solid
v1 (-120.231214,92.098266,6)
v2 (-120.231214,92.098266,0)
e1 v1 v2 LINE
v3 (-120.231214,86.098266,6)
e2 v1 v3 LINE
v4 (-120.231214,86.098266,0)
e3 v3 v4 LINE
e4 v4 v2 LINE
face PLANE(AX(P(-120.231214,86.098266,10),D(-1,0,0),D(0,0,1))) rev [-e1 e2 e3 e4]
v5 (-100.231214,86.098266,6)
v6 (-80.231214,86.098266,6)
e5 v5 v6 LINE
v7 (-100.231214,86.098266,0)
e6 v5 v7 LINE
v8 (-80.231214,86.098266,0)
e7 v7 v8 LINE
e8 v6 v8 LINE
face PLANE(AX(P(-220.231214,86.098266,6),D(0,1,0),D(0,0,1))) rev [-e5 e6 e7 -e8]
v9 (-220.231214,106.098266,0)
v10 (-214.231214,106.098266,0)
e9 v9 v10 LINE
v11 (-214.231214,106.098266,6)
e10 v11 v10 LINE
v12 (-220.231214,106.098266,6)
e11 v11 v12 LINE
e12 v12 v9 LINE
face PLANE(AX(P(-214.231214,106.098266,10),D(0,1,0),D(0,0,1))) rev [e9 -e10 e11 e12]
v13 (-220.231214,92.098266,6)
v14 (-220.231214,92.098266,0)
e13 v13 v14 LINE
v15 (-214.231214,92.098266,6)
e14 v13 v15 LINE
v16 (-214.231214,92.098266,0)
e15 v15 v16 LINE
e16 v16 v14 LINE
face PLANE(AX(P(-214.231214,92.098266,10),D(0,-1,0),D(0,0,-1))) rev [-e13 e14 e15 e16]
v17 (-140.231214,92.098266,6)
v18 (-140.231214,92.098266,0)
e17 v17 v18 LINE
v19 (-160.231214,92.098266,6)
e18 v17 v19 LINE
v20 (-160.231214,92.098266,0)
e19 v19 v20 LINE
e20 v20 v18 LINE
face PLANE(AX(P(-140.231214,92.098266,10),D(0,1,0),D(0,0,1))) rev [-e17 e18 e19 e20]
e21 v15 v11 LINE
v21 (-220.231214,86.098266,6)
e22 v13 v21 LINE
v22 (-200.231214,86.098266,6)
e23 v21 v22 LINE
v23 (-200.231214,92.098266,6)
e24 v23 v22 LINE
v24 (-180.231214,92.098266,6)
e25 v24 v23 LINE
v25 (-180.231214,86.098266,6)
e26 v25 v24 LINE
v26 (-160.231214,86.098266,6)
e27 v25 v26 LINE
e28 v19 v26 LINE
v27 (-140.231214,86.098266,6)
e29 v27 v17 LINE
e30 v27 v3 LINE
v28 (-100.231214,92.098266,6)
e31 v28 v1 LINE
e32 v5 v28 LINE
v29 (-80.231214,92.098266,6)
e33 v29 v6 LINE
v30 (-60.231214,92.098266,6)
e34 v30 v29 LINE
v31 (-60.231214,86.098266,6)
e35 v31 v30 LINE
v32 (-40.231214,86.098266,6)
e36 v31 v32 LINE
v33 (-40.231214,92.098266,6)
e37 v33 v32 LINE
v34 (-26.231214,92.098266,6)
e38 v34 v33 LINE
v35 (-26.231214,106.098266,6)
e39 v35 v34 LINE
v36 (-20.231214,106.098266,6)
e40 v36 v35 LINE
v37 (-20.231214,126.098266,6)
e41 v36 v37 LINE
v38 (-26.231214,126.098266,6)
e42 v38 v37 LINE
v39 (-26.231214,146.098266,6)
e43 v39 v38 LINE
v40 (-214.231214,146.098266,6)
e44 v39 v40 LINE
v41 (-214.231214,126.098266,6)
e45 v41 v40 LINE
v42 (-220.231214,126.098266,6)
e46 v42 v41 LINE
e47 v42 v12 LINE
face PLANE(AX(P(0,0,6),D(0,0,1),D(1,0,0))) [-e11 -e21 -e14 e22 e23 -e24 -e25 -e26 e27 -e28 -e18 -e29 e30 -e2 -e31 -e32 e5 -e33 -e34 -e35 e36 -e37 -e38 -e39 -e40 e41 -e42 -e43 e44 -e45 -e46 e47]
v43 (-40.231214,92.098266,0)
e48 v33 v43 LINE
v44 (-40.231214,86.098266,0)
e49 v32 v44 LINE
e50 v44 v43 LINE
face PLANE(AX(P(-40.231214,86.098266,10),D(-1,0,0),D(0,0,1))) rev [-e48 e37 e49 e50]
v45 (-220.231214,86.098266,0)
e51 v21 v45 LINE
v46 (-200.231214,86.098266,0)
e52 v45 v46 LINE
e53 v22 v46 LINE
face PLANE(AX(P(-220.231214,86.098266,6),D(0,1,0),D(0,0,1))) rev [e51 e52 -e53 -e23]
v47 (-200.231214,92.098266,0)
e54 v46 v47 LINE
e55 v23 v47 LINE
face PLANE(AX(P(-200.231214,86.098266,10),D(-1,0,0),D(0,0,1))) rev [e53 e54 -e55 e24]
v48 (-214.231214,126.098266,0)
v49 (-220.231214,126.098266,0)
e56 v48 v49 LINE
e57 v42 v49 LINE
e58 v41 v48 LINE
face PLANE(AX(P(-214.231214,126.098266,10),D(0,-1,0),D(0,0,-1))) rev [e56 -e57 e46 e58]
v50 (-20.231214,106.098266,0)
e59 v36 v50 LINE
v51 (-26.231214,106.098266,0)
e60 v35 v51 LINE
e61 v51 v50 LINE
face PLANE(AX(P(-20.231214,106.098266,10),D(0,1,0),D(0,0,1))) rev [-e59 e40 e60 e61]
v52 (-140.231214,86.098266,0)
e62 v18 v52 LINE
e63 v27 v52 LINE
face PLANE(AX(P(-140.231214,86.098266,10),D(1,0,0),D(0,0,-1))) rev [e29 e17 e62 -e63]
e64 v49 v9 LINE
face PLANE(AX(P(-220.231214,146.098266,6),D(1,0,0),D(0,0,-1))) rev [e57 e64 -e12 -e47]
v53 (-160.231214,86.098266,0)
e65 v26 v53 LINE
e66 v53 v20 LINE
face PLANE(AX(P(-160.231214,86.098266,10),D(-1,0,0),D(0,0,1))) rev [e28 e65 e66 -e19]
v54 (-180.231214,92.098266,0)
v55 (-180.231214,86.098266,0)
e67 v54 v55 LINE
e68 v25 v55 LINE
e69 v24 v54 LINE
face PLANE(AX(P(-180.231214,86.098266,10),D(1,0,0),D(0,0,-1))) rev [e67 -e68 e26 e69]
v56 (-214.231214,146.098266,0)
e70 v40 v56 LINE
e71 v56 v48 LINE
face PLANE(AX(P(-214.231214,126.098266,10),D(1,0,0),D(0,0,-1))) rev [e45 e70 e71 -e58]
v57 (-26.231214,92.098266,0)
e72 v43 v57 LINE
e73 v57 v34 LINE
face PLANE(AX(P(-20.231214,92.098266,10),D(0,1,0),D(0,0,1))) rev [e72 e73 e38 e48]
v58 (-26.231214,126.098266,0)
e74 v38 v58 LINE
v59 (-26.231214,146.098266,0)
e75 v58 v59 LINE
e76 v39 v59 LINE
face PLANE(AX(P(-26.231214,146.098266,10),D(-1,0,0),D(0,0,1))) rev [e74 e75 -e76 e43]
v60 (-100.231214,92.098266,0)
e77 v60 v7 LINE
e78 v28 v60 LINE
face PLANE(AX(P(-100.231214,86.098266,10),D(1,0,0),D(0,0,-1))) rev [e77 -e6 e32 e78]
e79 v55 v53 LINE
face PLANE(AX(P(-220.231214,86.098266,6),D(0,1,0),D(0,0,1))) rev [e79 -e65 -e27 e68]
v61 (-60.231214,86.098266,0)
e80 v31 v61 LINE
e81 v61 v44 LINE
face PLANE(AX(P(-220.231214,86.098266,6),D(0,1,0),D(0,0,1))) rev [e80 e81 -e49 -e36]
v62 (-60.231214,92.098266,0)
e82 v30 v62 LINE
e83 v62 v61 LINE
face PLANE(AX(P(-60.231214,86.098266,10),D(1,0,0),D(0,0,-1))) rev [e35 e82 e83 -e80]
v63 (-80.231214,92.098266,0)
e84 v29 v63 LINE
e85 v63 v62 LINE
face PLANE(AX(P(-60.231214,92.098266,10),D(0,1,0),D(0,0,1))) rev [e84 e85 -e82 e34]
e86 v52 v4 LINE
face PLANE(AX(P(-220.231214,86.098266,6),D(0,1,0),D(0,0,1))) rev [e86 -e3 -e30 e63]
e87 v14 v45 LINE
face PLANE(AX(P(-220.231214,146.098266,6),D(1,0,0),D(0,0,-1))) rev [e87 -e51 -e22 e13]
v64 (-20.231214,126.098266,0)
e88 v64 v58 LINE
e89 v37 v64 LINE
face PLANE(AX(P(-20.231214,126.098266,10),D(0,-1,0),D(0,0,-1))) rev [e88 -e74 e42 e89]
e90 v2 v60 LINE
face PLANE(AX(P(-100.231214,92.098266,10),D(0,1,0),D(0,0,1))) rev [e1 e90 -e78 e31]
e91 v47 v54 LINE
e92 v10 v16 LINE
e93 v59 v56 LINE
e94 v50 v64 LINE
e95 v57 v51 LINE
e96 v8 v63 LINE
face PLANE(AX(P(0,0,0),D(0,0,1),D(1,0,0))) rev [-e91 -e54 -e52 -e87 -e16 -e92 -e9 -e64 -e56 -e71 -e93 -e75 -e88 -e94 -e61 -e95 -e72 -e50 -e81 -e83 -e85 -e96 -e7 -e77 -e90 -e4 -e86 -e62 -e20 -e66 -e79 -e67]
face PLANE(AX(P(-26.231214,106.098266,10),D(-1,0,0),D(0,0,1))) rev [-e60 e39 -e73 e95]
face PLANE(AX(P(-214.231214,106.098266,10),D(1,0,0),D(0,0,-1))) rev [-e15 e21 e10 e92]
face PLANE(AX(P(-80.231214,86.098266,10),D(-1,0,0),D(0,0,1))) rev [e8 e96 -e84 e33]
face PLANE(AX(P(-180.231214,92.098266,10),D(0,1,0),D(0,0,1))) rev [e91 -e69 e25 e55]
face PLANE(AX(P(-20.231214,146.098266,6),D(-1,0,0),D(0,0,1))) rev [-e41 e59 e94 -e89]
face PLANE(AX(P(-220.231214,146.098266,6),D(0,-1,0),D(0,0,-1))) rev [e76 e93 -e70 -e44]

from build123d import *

# Parameters (mm, degrees)
SKETCH1_W           = 200
SKETCH1_H           = 60
BOSS_EXTRUDE1_DEPTH = 6
SKETCH2_W           = 20
SKETCH2_H           = 6
CUT_EXTRUDE1_DEPTH  = 10
LPATTERN1_COUNT     = 5
LPATTERN1_PITCH     = 40
SKETCH3_W           = 6
SKETCH3_H           = 20
CUT_EXTRUDE2_DEPTH  = 10
SKETCH4_W           = 6
SKETCH4_H           = 20
CUT_EXTRUDE3_DEPTH  = 10
SKETCH6_W           = 6
SKETCH6_H           = 14
CUT_EXTRUDE4_DEPTH  = 10
SKETCH7_W           = 6
SKETCH7_H           = 14
CUT_EXTRUDE5_DEPTH  = 10


with BuildPart() as part:
    # Sketch1 → Boss-Extrude1 (new body)
    with BuildSketch(Plane.XY):
        with Locations((-120.231213873, 116.098265896)):
            Rectangle(SKETCH1_W, SKETCH1_H)
    extrude(amount=BOSS_EXTRUDE1_DEPTH)

    # Sketch2 → Cut-Extrude1 (cut)
    with BuildSketch(Plane(origin=(0, 0, 0), x_dir=(-1, 0, 0), z_dir=(0, 0, -1))):
        with Locations((30.231213873, 89.098265896)):
            Rectangle(SKETCH2_W, SKETCH2_H)
    cut_extrude1 = extrude(amount=-CUT_EXTRUDE1_DEPTH, mode=Mode.SUBTRACT)

    # LPattern1: Cut-Extrude1 ×5
    with Locations(*[(-i * LPATTERN1_PITCH, 0, 0) for i in range(1, LPATTERN1_COUNT)]):
        add(cut_extrude1, mode=Mode.SUBTRACT)

    # Sketch3 → Cut-Extrude2 (cut)
    with BuildSketch(Plane(origin=(0, 0, 0), x_dir=(-1, 0, 0), z_dir=(0, 0, -1))):
        with Locations((217.231213873, 136.098265896)):
            Rectangle(SKETCH3_W, SKETCH3_H)
    extrude(amount=-CUT_EXTRUDE2_DEPTH, mode=Mode.SUBTRACT)

    # Sketch4 → Cut-Extrude3 (cut)
    with BuildSketch(Plane(origin=(0, 0, 0), x_dir=(-1, 0, 0), z_dir=(0, 0, -1))):
        with Locations((23.231213873, 136.098265896)):
            Rectangle(SKETCH4_W, SKETCH4_H)
    extrude(amount=-CUT_EXTRUDE3_DEPTH, mode=Mode.SUBTRACT)

    # Sketch6 → Cut-Extrude4 (cut)
    with BuildSketch(Plane(origin=(0, 0, 0), x_dir=(-1, 0, 0), z_dir=(0, 0, -1))):
        with Locations((217.231213873, 99.098265896)):
            Rectangle(SKETCH6_W, SKETCH6_H)
    extrude(amount=-CUT_EXTRUDE4_DEPTH, mode=Mode.SUBTRACT)

    # Sketch7 → Cut-Extrude5 (cut)
    with BuildSketch(Plane(origin=(0, 0, 0), x_dir=(-1, 0, 0), z_dir=(0, 0, -1))):
        with Locations((23.231213873, 99.098265896)):
            Rectangle(SKETCH7_W, SKETCH7_H)
    extrude(amount=-CUT_EXTRUDE5_DEPTH, mode=Mode.SUBTRACT)


solid = part.part
